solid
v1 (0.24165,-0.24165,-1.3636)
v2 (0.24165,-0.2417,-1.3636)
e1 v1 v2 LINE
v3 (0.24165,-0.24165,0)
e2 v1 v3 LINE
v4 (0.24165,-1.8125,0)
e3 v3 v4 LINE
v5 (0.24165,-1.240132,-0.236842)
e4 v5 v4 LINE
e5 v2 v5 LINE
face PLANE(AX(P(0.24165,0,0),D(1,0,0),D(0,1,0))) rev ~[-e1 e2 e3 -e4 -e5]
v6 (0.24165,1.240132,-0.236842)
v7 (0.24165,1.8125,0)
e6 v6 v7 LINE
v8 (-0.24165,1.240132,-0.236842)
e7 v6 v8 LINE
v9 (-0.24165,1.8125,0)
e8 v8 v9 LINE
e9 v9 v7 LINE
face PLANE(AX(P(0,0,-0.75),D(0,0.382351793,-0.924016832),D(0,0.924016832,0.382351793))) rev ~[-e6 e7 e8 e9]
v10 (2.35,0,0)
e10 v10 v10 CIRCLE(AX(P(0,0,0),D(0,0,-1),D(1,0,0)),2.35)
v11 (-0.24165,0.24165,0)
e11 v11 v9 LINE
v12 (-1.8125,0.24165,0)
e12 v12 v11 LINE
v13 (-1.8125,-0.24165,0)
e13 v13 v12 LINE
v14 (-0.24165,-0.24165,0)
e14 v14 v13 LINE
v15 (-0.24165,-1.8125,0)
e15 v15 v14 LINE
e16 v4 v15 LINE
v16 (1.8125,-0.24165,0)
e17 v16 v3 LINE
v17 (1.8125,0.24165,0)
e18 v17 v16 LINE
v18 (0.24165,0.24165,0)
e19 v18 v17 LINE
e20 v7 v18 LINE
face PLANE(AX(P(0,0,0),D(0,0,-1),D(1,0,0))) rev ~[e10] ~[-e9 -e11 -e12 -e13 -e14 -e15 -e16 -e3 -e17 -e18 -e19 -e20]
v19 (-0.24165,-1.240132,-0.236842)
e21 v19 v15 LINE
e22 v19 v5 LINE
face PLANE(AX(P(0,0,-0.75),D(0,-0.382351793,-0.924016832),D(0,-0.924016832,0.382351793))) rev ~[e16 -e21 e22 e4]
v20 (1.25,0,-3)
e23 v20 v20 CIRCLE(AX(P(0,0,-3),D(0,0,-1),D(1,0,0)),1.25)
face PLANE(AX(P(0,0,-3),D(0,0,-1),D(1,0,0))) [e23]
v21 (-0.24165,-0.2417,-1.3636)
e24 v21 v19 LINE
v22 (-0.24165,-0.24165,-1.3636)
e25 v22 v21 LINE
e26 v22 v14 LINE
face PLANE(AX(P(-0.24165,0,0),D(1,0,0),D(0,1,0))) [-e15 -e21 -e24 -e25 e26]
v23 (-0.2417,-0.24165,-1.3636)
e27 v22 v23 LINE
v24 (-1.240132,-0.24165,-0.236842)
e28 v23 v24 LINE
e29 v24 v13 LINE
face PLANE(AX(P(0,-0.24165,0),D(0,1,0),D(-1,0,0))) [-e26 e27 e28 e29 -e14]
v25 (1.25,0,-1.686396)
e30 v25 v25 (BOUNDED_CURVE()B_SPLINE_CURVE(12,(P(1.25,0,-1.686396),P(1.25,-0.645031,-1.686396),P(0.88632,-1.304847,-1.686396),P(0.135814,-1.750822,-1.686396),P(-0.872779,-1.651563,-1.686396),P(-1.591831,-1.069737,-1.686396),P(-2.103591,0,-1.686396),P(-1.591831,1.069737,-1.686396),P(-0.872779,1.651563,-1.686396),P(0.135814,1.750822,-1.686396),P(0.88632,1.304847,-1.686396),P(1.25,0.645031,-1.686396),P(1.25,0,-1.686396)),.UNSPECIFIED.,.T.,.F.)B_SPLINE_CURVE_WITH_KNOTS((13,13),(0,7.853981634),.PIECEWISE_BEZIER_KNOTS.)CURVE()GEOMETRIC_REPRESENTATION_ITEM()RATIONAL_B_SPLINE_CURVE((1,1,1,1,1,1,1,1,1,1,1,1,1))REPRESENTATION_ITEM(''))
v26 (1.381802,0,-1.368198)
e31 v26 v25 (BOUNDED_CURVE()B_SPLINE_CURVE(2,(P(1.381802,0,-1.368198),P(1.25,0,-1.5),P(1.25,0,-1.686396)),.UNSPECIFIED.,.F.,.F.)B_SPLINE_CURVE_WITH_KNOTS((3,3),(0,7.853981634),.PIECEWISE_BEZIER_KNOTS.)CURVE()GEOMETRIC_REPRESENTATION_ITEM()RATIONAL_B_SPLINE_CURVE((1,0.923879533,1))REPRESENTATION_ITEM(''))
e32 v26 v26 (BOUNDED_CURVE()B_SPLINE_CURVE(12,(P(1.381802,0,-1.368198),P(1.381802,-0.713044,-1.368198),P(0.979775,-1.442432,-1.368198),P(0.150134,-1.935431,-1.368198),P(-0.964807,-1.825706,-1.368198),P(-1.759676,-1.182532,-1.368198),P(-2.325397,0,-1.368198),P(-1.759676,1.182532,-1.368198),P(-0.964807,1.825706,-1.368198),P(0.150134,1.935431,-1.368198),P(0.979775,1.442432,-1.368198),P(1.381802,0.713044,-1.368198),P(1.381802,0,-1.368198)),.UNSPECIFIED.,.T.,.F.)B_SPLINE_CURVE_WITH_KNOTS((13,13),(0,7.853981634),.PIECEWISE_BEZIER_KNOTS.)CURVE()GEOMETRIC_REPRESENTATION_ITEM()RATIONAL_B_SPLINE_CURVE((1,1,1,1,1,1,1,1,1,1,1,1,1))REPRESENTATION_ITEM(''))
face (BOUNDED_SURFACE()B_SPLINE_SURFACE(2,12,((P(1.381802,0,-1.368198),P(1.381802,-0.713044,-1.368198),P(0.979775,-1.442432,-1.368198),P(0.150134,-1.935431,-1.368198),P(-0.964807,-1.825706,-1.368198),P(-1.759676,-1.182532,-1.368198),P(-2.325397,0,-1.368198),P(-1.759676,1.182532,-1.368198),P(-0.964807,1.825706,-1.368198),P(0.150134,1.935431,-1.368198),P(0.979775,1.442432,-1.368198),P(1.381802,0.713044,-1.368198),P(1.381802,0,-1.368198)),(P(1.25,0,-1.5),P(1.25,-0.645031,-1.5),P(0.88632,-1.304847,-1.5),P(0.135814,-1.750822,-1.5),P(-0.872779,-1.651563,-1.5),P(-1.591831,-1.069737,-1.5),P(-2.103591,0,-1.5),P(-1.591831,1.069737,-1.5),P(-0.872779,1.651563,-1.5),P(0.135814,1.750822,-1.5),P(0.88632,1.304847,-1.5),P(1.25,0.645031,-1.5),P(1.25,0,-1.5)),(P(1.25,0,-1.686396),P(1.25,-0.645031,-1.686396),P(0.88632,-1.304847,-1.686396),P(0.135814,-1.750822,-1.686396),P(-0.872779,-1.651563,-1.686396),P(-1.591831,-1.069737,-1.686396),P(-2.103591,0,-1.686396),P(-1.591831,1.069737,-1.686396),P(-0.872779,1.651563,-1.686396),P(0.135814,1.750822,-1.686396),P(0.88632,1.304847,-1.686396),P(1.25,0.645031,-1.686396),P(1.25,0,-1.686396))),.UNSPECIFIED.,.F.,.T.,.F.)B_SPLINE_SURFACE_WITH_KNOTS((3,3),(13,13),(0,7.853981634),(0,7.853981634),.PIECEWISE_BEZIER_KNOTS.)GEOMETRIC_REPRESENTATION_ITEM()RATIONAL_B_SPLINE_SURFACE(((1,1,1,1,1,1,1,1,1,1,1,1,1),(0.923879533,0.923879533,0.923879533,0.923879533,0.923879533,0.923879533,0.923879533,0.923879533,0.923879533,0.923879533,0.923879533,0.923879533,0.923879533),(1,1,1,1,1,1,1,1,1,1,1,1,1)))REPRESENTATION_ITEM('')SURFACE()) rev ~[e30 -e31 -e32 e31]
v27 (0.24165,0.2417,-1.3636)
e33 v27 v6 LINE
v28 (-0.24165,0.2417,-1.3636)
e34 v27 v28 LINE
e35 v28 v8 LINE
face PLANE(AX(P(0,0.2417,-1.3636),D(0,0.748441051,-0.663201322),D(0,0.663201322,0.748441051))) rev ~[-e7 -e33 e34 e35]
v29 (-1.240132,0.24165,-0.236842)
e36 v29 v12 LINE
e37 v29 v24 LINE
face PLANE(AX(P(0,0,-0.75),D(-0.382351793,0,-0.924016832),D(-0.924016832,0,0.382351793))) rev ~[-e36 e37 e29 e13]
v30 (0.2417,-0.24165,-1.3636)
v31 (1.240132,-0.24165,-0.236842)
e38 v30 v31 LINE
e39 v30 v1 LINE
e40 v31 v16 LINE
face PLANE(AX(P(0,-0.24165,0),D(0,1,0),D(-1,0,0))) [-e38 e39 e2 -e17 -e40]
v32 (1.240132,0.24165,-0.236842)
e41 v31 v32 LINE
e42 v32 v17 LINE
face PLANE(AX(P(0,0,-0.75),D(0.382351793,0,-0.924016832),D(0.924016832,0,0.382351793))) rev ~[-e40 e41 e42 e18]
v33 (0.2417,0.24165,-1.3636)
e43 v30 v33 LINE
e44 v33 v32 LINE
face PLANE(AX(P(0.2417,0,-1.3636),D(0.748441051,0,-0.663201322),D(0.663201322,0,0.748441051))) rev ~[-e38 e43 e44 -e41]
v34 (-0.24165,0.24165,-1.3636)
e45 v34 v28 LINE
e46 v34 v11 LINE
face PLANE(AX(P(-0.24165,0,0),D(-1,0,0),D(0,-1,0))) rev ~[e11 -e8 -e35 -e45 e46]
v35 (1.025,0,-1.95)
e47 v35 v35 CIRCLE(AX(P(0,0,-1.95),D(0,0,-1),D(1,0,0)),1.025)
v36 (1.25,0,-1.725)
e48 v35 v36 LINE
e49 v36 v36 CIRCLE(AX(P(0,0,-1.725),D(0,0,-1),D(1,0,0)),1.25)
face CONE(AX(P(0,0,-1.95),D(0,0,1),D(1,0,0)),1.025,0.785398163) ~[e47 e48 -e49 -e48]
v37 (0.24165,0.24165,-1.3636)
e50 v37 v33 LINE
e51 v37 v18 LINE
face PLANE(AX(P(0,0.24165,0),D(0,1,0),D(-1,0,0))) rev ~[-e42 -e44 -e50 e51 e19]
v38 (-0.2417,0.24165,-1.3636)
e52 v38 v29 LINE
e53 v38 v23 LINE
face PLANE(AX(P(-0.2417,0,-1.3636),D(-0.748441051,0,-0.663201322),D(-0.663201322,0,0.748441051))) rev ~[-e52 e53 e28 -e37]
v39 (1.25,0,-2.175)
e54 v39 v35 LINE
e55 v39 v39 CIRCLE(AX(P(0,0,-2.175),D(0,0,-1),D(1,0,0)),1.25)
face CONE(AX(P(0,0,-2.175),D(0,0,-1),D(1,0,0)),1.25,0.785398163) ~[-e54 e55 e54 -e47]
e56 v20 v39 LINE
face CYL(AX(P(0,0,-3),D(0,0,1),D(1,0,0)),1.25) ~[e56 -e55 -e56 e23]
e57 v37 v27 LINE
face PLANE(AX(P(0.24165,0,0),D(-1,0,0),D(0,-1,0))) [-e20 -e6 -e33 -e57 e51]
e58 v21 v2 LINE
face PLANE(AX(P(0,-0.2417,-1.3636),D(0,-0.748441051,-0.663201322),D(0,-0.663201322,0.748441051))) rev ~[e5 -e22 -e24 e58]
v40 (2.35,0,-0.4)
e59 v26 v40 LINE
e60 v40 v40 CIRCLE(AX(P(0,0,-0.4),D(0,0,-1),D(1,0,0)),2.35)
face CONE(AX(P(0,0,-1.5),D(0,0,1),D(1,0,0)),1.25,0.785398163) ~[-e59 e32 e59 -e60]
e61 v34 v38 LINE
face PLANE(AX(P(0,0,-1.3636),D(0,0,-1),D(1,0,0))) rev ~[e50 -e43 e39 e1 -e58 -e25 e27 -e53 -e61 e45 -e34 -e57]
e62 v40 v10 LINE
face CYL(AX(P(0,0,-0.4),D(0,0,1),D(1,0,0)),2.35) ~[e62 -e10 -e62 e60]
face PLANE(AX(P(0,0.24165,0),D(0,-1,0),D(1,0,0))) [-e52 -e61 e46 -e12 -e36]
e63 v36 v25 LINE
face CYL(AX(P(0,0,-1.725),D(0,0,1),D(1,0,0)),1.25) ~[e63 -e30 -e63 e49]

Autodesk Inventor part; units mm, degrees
ref_plane "YZ Plane" through (0, 0, 0) normal (1, 0, 0) x (0, 1, 0)
sketch "Esquisse1" plane through (0, 0, 0) normal (0, 1, 0) x (-1, 0, 0)
  point P0 (0, 0)
sketch "Esquisse2" plane through (0, 0, 0) normal (0, 0, 1) x (1, 0, 0)
  point P0 (0, 0)
sketch "Esquisse3" plane through (0, 0, 0) normal (0, 0, 1) x (1, 0, 0)
  point P0 (0, 0)
sketch "Esquisse4" plane through (0, 0, 0) normal (0, 1, 0) x (-1, 0, 0)
  line L0 (-2.35, 0) -> (0, 0)
  line L1 (-2.35, -0.4) -> (-2.35, 0)
  line L2 (-1.25, -1.5) -> (-2.35, -0.4)
  line L3 (-1.25, -1.725) -> (-1.25, -1.5)
  line L4 (-1.025, -1.95) -> (-1.25, -1.725)
  line L5 (-1.25, -2.175) -> (-1.025, -1.95)
  line L6 (-1.25, -3) -> (-1.25, -2.175)
  line L7 (0, 0) -> (0, -3)
  line L8 (0, 3.3392) -> (0, -10.7) construction
  line L9 (0, 3.3392) -> (0, -10.7)
  line L10 (0, -13.5078) -> (0, 6.1471) projected
  line L11 (-1.25, -3) -> (0, -3)
  line L12 (0.47, 0) -> (-2.82, 0) projected
  dimension "d3" = 2.35
  dimension "d5" = 0.225
  dimension "d7" = 0.225
  dimension "d9" = 0.225
  dimension "d11" = 1.5
  dimension "d13" = 135
  dimension "d17" = 1.025
  dimension "d19" = 0
  dimension "d51" = 1.25
  dimension "d52" = 3
revolve "Révolution1" add sketch "Esquisse4" angle 360 about axis through (0, 0, 3.3392) along (0, 0, -1)
sketch "Esquisse5" plane through (0, 0, 0) normal (0, 1, 0) x (-1, 0, 0)
  line L0 (-1.45, 0) -> (0, 0)
  line L1 (-0.2417, -1.3636) -> (-1.45, 0)
  line L2 (0, -1.3636) -> (-0.2417, -1.3636)
  line L3 (0, 0) -> (0, -1.3636)
  line L4 (-1.25, -1.5) -> (1.25, -1.5) construction
  line L5 (-2.35, 0) -> (2.35, 0) projected
  line L6 (0, -1.8) -> (0, 0.3) projected
  dimension "d22" = 1.45
  dimension "d24" = 0.2417
  dimension "d26" = 1.3636
extrude "Extrusion1" cut sketch "Esquisse5" along normal mid plane 0.4833
pattern_circular "RéseauPolaire1" count 4 over 360 about axis through (0, 0, 0) along (0, 0, 1) of "Extrusion1"
sketch "Esquisse7" plane through (0, 0, 0) normal (0, 1, 0) x (-1, 0, 0)
  line L0 (0, -0.75) -> (-1.8125, 0)
  line L1 (0, 0) -> (0, -0.75)
  line L2 (-1.8125, 0) -> (0, 0)
  line L3 (-1.25, -1.5) -> (1.25, -1.5) construction
  line L4 (0, -1.8) -> (0, 0.3) projected
  line L5 (-2.35, 0) -> (2.35, 0) projected
  dimension "d33" = 1.8125
  dimension "d35" = 0.75
extrude "Extrusion2" cut sketch "Esquisse7" along normal mid plane 0.4833
pattern_circular "RéseauPolaire2" count 4 over 360 about axis through (0, 0, 0) along (0, 0, 1) of "Extrusion2"
fillet "Congé1" radius 0.45 1 edges at (-1.25, 0, -1.5)
thread "Filetage1" size "M2.5x0.45" class "6g" standard "ISO Metric profile" full length
ref_plane "MSC_PF1" through (0, 0, 0) normal (1, 0, 0) x (0, 1, 0)
ref_plane "MSC_PT1" through (0, 0, 0) normal (0, 0, -1) x (-1, 0, 0)
equation "\"d3\" = 0.5 * Dh"
equation "\"d5\" = msp_x"
equation "\"d7\" = ParA"
equation "\"d9\" = msp_x"
equation "\"d11\" = ParK"
equation "\"d17\" = 0.5 * msp_mdtds"
equation "\"d51\" = 0.5 * NND"
equation "\"d52\" = NLG"
equation "\"d22\" = 0.5 * M"
equation "\"d24\" = 0.0833333 * M"
equation "\"d26\" = 0.909091 * ParK"
equation "\"d27\" = 0.166667 * M"
equation "\"d33\" = 0.625 * M"
equation "\"d35\" = 0.5 * ParK"
equation "\"d36\" = 0.166667 * M"
equation "\"d41\" = 2 * msp_x"
equation "\"PTC\" = 0.45"
equation "\"NLG\" = 3"
equation "\"ParK\" = 1.5"
equation "\"NND\" = 2.5"
equation "\"M\" = 2.9"
equation "\"msp_mdtds\" = NND - PTC"
equation "\"Dh\" = 4.7"
equation "\"msp_x\" = 0.5 * PTC"
equation "\"ParA\" = 0.5 * PTC"
equation "\"r\" = 0.6"
equation "\"THREADDIA\" = NND"
equation "\"TEMPLATE\" = 1.2345"
properties part number "ISO 7046-2 H - M2.5x3 - 8.8 - H1" material "Acier"
